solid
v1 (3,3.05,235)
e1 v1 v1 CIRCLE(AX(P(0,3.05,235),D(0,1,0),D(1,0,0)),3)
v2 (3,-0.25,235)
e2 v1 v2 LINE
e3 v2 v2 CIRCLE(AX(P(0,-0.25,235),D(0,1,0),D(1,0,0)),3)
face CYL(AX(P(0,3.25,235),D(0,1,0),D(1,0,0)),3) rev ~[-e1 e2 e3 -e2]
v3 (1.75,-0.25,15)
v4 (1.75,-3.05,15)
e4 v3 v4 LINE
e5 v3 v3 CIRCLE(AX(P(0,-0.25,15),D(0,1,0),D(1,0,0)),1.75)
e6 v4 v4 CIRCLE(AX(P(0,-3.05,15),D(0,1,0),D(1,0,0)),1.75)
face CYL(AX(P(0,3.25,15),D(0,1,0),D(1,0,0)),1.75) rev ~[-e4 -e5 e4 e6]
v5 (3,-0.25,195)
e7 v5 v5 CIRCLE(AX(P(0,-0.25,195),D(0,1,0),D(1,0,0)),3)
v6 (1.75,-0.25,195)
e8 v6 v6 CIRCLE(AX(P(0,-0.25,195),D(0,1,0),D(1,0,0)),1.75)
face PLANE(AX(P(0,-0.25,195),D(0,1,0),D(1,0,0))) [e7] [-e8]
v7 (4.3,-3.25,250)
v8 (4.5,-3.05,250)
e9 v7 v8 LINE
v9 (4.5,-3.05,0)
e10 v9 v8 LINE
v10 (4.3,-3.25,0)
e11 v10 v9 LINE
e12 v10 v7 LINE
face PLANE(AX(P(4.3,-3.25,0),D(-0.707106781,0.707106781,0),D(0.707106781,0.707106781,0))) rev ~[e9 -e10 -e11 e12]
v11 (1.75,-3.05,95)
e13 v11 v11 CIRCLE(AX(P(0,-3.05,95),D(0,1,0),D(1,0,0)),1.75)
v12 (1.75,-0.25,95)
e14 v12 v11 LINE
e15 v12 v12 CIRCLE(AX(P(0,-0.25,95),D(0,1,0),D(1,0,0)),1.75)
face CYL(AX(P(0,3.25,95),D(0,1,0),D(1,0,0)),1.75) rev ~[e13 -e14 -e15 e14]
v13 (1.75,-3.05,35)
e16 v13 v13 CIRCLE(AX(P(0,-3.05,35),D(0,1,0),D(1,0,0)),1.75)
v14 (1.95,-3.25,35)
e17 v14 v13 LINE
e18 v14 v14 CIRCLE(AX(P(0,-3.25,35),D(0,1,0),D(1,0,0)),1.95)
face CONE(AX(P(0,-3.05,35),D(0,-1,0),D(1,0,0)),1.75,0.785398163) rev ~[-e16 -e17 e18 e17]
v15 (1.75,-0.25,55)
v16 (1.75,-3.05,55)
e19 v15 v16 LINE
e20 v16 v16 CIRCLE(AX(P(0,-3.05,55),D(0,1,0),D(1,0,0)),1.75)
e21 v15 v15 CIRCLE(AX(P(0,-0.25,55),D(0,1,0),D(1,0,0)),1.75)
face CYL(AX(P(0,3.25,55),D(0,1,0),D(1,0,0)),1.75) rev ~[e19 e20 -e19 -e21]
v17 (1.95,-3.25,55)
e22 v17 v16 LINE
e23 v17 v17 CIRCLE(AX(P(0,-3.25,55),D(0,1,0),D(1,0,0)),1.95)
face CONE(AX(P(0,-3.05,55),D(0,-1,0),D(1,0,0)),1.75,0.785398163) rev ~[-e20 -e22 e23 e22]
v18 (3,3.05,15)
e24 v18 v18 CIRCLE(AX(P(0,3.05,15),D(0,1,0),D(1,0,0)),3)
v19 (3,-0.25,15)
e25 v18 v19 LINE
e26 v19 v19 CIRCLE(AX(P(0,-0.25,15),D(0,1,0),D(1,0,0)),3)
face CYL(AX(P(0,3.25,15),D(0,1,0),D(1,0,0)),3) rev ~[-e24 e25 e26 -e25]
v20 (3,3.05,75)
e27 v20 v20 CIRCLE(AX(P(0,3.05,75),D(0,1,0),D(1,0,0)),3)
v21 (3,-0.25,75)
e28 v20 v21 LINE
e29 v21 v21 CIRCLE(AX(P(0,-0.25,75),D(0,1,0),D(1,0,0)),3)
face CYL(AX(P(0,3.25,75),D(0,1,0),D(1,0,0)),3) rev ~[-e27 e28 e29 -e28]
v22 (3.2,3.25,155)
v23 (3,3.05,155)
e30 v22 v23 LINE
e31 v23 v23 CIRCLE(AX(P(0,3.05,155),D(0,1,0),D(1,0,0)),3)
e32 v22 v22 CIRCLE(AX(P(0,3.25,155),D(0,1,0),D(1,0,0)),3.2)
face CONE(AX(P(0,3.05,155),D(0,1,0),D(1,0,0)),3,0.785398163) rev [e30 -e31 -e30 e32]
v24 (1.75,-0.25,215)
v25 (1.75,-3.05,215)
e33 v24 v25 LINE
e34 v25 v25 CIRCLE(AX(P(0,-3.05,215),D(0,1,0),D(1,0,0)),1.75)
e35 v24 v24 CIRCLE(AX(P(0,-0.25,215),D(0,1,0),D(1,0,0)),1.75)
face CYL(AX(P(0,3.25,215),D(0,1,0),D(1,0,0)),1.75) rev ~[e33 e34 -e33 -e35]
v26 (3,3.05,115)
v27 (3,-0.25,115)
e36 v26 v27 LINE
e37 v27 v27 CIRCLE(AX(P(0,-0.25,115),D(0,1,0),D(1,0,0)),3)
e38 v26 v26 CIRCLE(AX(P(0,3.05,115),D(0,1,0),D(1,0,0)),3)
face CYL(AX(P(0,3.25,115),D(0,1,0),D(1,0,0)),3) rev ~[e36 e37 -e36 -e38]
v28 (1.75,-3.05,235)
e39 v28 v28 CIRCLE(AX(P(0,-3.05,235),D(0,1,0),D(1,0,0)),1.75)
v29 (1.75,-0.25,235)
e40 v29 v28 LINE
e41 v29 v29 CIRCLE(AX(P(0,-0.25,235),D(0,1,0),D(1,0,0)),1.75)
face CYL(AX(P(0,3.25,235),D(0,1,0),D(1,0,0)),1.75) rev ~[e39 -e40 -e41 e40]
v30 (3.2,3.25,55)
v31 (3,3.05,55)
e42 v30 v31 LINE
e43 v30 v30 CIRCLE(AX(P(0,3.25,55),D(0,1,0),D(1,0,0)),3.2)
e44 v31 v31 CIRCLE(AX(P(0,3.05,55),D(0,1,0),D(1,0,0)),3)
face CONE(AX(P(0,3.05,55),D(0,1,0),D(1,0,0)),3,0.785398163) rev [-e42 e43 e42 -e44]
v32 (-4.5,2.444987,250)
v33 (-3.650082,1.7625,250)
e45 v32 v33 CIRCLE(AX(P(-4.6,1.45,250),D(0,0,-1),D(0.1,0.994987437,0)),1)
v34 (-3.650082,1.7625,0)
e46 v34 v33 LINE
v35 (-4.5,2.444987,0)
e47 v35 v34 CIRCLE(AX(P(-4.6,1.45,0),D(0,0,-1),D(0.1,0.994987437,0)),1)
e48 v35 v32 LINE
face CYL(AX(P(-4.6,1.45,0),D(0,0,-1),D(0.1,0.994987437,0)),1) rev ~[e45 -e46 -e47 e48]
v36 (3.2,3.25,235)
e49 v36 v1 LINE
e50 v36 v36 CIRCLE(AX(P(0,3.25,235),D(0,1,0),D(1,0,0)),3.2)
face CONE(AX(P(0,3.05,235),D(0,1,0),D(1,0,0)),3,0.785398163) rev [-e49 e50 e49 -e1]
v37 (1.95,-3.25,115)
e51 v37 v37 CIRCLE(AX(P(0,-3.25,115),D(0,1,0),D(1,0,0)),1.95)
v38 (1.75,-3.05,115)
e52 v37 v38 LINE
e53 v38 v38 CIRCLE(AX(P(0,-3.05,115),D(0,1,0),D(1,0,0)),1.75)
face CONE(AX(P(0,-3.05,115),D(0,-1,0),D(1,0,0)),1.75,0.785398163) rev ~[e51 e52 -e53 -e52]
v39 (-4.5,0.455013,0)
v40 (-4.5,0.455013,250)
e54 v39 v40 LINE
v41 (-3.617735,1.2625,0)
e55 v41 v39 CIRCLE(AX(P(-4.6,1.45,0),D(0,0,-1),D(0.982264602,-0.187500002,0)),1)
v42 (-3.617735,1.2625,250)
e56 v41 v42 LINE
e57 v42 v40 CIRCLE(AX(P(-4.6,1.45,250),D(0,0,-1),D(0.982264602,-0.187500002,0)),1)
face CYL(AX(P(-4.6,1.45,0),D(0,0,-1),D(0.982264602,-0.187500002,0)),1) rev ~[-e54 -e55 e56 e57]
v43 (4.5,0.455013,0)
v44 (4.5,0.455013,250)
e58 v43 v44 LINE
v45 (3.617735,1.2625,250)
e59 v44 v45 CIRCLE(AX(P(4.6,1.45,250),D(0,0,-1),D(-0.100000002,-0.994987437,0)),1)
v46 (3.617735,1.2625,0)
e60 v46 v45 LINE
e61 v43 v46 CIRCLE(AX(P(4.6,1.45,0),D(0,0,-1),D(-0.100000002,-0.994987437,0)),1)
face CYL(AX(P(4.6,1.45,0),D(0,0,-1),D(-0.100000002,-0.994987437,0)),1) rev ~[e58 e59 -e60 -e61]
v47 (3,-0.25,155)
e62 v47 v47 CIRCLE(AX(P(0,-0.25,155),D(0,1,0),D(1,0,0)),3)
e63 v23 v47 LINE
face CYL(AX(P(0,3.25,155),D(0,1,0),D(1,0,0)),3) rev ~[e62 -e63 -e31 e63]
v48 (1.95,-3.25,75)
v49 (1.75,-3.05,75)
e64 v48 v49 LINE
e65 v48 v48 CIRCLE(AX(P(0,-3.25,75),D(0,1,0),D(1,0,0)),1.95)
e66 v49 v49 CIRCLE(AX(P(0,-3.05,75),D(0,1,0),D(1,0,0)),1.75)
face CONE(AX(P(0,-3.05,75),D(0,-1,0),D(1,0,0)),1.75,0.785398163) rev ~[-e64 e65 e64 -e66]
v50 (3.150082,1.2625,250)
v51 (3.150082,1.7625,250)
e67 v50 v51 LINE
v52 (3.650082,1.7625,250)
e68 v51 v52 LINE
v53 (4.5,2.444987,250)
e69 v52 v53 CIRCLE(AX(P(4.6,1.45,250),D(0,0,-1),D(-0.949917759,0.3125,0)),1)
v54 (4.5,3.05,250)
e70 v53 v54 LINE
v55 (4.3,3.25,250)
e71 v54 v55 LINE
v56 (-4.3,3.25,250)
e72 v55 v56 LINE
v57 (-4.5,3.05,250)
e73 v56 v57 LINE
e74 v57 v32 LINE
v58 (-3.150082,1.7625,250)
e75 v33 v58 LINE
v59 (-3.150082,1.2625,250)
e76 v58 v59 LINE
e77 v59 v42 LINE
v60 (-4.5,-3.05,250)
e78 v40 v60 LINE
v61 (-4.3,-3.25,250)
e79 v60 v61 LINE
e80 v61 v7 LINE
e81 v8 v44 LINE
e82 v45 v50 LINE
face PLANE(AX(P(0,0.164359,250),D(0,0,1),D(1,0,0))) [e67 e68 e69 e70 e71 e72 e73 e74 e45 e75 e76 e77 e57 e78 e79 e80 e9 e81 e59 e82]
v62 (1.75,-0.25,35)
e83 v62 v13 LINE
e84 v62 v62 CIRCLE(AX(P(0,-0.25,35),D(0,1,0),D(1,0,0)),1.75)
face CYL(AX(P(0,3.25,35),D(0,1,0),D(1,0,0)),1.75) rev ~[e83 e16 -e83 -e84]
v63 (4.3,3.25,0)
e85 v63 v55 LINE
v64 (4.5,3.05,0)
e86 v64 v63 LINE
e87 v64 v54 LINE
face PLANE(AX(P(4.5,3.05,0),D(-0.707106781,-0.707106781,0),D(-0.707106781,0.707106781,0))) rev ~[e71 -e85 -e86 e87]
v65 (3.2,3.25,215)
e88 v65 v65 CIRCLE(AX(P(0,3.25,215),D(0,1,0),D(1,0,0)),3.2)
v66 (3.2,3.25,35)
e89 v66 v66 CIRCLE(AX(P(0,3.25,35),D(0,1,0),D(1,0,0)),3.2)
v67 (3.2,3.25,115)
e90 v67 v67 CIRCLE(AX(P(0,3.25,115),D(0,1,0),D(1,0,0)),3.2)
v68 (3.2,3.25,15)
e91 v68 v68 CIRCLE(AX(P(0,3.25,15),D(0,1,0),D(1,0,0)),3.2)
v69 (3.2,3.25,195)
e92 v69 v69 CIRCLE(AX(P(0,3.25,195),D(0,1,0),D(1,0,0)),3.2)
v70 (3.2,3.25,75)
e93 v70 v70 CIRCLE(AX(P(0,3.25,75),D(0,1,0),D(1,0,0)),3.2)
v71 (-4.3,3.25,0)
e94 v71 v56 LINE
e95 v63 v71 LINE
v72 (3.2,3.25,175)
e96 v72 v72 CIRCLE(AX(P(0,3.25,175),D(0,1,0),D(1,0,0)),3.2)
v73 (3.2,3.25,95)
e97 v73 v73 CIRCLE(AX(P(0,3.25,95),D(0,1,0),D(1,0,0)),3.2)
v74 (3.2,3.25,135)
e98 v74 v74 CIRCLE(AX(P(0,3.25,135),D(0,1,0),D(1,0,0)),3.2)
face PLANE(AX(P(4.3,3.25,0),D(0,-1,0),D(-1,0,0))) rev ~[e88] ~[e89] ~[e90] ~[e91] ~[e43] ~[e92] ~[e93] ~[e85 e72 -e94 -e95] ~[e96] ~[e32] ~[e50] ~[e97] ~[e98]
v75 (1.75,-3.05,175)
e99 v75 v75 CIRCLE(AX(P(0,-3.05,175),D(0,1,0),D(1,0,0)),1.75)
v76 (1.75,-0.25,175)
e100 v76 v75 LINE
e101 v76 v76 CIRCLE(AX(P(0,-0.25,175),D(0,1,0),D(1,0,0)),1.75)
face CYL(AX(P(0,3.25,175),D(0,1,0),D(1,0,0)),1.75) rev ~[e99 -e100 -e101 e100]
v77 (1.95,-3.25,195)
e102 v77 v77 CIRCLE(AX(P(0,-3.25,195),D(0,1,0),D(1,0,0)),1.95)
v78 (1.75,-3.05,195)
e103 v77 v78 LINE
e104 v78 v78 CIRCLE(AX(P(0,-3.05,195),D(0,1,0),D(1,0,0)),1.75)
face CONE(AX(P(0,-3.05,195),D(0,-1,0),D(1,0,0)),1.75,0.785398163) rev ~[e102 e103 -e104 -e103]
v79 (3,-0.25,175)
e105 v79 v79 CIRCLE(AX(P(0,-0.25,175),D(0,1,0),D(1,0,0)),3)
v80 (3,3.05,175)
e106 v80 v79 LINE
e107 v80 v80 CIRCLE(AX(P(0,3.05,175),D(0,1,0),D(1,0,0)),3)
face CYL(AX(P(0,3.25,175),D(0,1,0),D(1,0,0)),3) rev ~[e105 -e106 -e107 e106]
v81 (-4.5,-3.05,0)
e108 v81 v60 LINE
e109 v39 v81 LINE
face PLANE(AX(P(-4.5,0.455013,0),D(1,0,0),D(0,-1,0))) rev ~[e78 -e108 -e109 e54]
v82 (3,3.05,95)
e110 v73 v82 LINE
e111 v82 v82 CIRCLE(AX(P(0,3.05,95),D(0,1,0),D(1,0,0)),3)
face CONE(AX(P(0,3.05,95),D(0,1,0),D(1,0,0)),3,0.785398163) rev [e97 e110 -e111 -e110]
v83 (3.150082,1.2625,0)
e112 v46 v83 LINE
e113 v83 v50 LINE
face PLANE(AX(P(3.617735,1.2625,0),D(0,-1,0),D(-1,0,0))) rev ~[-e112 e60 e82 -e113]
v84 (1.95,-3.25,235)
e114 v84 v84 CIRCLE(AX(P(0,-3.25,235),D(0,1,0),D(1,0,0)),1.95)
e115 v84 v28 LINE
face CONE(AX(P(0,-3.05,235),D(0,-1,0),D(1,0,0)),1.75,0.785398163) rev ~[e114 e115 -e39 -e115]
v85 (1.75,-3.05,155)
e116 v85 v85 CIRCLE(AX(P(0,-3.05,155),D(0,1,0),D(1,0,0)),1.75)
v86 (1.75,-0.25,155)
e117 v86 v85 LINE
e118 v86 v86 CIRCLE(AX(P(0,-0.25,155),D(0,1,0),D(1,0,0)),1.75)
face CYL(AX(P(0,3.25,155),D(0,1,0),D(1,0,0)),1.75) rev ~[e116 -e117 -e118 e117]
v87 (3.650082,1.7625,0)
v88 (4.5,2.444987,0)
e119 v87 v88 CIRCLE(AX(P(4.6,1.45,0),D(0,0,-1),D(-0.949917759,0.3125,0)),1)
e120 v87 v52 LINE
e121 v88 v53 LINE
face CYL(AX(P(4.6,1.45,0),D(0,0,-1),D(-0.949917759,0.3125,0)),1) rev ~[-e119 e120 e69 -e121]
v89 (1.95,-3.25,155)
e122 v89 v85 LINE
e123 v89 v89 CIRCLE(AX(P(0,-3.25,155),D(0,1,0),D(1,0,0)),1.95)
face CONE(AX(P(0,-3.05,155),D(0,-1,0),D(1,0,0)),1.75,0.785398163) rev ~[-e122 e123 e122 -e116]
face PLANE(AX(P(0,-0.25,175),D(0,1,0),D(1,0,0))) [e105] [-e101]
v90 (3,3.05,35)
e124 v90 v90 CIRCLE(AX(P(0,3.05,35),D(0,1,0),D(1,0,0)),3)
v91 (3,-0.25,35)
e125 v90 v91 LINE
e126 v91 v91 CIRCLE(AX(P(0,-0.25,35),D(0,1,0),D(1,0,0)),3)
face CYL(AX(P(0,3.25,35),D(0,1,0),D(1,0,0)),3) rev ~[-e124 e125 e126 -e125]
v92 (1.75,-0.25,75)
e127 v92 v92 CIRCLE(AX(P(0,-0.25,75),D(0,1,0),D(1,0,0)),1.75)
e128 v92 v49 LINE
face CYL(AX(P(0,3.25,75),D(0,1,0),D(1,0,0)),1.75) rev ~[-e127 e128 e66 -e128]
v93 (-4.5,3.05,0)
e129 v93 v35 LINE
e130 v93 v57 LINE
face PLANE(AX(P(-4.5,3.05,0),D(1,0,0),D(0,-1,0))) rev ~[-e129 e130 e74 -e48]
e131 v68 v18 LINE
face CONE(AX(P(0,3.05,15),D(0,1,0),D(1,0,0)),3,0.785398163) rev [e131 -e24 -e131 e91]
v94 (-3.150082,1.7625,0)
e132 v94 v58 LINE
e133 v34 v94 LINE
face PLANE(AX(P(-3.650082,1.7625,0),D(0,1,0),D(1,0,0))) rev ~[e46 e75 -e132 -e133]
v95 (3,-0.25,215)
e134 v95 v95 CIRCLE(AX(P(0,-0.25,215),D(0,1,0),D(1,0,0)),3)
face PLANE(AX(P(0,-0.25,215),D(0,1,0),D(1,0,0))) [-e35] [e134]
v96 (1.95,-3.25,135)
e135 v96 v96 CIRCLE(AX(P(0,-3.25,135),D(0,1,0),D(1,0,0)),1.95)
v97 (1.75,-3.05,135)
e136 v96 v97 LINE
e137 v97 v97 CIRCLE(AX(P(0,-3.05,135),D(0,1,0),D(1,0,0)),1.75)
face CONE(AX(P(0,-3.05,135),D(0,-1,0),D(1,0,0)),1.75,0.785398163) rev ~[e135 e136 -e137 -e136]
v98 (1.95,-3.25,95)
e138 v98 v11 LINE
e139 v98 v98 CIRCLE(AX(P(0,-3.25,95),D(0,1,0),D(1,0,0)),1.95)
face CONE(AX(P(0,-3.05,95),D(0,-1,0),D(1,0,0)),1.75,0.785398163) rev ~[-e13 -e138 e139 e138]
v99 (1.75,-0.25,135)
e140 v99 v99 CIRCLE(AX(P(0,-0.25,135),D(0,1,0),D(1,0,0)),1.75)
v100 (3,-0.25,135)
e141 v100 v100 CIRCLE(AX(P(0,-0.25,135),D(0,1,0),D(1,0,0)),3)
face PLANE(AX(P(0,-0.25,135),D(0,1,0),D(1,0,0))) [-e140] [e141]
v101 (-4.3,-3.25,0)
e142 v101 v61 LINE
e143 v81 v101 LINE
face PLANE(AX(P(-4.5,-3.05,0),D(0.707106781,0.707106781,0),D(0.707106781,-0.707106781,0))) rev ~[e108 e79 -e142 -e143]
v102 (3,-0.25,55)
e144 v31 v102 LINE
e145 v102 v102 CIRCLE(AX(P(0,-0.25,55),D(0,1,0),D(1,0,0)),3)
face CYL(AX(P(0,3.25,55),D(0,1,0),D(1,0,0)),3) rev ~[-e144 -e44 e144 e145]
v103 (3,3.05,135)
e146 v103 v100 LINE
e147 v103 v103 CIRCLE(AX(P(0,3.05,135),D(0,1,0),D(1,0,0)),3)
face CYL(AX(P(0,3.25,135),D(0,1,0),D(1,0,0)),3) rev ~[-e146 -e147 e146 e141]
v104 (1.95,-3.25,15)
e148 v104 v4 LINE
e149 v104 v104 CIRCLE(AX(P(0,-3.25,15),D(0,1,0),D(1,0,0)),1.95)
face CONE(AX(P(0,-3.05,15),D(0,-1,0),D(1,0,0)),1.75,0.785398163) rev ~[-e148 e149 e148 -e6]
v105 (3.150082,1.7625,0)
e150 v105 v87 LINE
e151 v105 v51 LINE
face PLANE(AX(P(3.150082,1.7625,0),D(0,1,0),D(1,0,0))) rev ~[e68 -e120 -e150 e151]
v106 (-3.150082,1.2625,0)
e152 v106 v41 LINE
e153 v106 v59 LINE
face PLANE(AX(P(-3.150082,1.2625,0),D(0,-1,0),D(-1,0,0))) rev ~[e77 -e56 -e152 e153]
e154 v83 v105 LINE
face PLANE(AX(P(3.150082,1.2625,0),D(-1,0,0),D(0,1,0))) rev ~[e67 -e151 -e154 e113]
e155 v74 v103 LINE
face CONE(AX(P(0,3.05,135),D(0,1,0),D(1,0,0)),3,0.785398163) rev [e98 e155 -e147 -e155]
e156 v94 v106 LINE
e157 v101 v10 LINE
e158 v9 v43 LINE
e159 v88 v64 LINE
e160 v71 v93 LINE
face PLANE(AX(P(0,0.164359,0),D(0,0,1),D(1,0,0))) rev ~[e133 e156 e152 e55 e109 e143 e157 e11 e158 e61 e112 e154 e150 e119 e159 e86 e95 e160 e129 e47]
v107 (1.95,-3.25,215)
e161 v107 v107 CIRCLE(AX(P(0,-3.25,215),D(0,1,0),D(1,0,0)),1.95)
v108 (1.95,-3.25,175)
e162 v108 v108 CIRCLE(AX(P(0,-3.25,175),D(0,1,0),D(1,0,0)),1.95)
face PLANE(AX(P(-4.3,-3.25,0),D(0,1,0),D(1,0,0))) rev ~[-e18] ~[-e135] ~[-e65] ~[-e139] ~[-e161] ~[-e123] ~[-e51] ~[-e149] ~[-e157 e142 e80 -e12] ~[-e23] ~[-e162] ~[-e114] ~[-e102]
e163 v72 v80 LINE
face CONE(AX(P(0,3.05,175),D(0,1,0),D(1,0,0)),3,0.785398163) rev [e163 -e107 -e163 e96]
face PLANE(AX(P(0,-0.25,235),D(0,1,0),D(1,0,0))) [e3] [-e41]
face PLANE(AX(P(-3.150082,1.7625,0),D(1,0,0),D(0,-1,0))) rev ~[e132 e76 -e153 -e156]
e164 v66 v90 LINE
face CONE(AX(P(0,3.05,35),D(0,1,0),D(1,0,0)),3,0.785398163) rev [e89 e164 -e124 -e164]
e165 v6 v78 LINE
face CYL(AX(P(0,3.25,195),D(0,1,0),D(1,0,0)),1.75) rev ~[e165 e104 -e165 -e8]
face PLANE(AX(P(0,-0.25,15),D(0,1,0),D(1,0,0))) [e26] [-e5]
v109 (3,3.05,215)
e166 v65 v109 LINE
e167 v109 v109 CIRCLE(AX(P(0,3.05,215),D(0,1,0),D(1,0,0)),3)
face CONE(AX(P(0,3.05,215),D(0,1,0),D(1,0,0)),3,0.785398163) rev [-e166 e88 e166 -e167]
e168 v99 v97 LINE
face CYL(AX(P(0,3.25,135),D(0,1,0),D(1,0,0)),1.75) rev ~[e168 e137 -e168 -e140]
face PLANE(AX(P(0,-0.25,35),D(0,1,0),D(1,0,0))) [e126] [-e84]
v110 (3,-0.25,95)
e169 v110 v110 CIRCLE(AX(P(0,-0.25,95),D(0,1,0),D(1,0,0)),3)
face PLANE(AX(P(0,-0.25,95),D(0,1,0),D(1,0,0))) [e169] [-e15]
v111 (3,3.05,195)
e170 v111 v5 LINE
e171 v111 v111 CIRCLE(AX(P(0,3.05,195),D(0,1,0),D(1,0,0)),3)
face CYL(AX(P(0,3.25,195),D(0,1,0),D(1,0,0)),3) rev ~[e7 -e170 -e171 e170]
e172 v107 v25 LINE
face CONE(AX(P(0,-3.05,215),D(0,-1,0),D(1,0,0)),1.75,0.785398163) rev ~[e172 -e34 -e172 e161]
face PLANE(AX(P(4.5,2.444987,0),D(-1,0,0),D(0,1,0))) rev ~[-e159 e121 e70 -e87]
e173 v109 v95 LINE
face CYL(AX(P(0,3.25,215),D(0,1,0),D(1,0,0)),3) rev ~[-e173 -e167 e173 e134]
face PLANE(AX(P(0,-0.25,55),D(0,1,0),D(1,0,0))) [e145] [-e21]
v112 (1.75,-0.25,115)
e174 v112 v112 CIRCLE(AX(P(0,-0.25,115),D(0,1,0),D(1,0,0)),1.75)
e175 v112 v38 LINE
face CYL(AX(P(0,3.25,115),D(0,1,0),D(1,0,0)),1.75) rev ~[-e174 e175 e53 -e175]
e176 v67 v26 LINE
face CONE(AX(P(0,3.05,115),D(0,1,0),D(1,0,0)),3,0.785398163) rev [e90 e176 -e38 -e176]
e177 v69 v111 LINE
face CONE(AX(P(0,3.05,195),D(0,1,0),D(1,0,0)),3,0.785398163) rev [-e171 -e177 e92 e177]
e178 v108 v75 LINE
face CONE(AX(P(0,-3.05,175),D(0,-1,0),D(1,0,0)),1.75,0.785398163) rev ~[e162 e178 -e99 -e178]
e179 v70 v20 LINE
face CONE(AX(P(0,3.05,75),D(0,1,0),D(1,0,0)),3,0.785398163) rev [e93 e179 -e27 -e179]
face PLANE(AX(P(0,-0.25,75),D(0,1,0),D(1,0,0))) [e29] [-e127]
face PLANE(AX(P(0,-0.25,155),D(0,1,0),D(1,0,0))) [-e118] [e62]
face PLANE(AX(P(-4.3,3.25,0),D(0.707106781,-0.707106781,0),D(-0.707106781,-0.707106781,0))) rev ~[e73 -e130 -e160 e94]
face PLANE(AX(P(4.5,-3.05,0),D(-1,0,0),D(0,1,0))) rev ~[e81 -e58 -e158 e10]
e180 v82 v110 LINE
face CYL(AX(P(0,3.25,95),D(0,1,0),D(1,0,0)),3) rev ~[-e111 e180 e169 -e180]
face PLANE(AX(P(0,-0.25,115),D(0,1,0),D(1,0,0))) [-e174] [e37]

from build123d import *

# Parameters (mm, degrees)
EXTRUDE1_DEPTH             = 250
EXTRUDE2_REACH             = 252.125
SKETCH2_R                  = 1.75
SKETCH_R                   = 3
SKETCH_R_2                 = 1.75
EXTRUDE4_DEPTH             = 3.5
CHAMFER1_SIZE              = 0.2
LPATTERN1_COUNT            = 12
LPATTERN1_PITCH            = 20
CHAMFER1_OF_LPATTERN1_SIZE = 0.2


with BuildPart() as part:
    # Sketch1 → Extrude1 (new body)
    with BuildSketch(Plane.XY):
        with BuildLine():
            Line((-4.3, -3.25), (4.3, -3.25))
            Line((4.3, -3.25), (4.5, -3.05))
            Line((4.5, -3.05), (4.5, 0.455012563))
            ThreePointArc((4.5, 0.455012563), (3.924845827, 0.712323349), (3.617735397, 1.2625))
            Line((3.617735397, 1.2625), (3.15008224, 1.2625))
            Line((3.15008224, 1.2625), (3.15008224, 1.7625))
            Line((3.15008224, 1.7625), (3.65008224, 1.7625))
            ThreePointArc((3.65008224, 1.7625), (3.973877727, 2.229724887), (4.5, 2.444987437))
            Line((4.5, 2.444987437), (4.5, 3.05))
            Line((4.5, 3.05), (4.3, 3.25))
            Line((4.3, 3.25), (-4.3, 3.25))
            Line((-4.3, 3.25), (-4.5, 3.05))
            Line((-4.5, 3.05), (-4.5, 2.444987437))
            ThreePointArc((-4.5, 2.444987437), (-3.973877727, 2.229724887), (-3.65008224, 1.7625))
            Line((-3.65008224, 1.7625), (-3.15008224, 1.7625))
            Line((-3.15008224, 1.7625), (-3.15008224, 1.2625))
            Line((-3.15008224, 1.2625), (-3.617735397, 1.2625))
            ThreePointArc((-3.617735397, 1.2625), (-3.924845827, 0.712323349), (-4.5, 0.455012563))
            Line((-4.5, 0.455012563), (-4.5, -3.05))
            Line((-4.5, -3.05), (-4.3, -3.25))
        make_face()
    extrude(amount=EXTRUDE1_DEPTH)

    # Sketch2 → Extrude2 (cut, up to next)
    with BuildSketch(Plane(origin=(0, 3.25, 0), x_dir=(1, 0, 0), z_dir=(0, 1, 0)), mode=Mode.PRIVATE) as extrude2_sk1:
        with Locations((0, -15)):
            Circle(SKETCH2_R)
    extrude2_tool1 = extrude(extrude2_sk1.sketch, amount=-EXTRUDE2_REACH, mode=Mode.PRIVATE) & part.part
    extrude2 = extrude2_tool1.solids().sort_by_distance((0, 3.25, 15))[0]
    add(extrude2, mode=Mode.SUBTRACT)

    # Sketch → Extrude4 (cut)
    with BuildSketch(Plane(origin=(0, 3.25, 0), x_dir=(1, 0, 0), z_dir=(0, 1, 0))):
        with Locations((0, -15)):
            Circle(SKETCH_R)
        with Locations((0, -15)):
            Circle(SKETCH_R_2, mode=Mode.SUBTRACT)
    extrude4 = extrude(amount=-EXTRUDE4_DEPTH, mode=Mode.SUBTRACT)

    # Chamfer1
    chamfer1_edges = [part.edges().sort_by_distance(p)[0] for p in [
        (-1.75, -3.25, 15),
        (-3, 3.25, 15),
    ]]
    chamfer(chamfer1_edges, length=CHAMFER1_SIZE)

    # LPattern1: Extrude2, Extrude4 ×12
    with Locations(*[(0, 0, i * LPATTERN1_PITCH) for i in range(1, LPATTERN1_COUNT)]):
        add(extrude2, mode=Mode.SUBTRACT)
        add(extrude4, mode=Mode.SUBTRACT)

    # Chamfer1 of LPattern1
    chamfer1_of_lpattern1_edges = [part.edges().sort_by_distance(p)[0] for p in [
        (-1.75, -3.25, 35),
        (-3, 3.25, 35),
        (-1.75, -3.25, 55),
        (-3, 3.25, 55),
        (-1.75, -3.25, 75),
        (-3, 3.25, 75),
        (-1.75, -3.25, 95),
        (-3, 3.25, 95),
        (-1.75, -3.25, 115),
        (-3, 3.25, 115),
        (-1.75, -3.25, 135),
        (-3, 3.25, 135),
        (-1.75, -3.25, 155),
        (-3, 3.25, 155),
        (-1.75, -3.25, 175),
        (-3, 3.25, 175),
        (-1.75, -3.25, 195),
        (-3, 3.25, 195),
        (-1.75, -3.25, 215),
        (-3, 3.25, 215),
        (-1.75, -3.25, 235),
        (-3, 3.25, 235),
    ]]
    chamfer(chamfer1_of_lpattern1_edges, length=CHAMFER1_OF_LPATTERN1_SIZE)


solid = part.part
